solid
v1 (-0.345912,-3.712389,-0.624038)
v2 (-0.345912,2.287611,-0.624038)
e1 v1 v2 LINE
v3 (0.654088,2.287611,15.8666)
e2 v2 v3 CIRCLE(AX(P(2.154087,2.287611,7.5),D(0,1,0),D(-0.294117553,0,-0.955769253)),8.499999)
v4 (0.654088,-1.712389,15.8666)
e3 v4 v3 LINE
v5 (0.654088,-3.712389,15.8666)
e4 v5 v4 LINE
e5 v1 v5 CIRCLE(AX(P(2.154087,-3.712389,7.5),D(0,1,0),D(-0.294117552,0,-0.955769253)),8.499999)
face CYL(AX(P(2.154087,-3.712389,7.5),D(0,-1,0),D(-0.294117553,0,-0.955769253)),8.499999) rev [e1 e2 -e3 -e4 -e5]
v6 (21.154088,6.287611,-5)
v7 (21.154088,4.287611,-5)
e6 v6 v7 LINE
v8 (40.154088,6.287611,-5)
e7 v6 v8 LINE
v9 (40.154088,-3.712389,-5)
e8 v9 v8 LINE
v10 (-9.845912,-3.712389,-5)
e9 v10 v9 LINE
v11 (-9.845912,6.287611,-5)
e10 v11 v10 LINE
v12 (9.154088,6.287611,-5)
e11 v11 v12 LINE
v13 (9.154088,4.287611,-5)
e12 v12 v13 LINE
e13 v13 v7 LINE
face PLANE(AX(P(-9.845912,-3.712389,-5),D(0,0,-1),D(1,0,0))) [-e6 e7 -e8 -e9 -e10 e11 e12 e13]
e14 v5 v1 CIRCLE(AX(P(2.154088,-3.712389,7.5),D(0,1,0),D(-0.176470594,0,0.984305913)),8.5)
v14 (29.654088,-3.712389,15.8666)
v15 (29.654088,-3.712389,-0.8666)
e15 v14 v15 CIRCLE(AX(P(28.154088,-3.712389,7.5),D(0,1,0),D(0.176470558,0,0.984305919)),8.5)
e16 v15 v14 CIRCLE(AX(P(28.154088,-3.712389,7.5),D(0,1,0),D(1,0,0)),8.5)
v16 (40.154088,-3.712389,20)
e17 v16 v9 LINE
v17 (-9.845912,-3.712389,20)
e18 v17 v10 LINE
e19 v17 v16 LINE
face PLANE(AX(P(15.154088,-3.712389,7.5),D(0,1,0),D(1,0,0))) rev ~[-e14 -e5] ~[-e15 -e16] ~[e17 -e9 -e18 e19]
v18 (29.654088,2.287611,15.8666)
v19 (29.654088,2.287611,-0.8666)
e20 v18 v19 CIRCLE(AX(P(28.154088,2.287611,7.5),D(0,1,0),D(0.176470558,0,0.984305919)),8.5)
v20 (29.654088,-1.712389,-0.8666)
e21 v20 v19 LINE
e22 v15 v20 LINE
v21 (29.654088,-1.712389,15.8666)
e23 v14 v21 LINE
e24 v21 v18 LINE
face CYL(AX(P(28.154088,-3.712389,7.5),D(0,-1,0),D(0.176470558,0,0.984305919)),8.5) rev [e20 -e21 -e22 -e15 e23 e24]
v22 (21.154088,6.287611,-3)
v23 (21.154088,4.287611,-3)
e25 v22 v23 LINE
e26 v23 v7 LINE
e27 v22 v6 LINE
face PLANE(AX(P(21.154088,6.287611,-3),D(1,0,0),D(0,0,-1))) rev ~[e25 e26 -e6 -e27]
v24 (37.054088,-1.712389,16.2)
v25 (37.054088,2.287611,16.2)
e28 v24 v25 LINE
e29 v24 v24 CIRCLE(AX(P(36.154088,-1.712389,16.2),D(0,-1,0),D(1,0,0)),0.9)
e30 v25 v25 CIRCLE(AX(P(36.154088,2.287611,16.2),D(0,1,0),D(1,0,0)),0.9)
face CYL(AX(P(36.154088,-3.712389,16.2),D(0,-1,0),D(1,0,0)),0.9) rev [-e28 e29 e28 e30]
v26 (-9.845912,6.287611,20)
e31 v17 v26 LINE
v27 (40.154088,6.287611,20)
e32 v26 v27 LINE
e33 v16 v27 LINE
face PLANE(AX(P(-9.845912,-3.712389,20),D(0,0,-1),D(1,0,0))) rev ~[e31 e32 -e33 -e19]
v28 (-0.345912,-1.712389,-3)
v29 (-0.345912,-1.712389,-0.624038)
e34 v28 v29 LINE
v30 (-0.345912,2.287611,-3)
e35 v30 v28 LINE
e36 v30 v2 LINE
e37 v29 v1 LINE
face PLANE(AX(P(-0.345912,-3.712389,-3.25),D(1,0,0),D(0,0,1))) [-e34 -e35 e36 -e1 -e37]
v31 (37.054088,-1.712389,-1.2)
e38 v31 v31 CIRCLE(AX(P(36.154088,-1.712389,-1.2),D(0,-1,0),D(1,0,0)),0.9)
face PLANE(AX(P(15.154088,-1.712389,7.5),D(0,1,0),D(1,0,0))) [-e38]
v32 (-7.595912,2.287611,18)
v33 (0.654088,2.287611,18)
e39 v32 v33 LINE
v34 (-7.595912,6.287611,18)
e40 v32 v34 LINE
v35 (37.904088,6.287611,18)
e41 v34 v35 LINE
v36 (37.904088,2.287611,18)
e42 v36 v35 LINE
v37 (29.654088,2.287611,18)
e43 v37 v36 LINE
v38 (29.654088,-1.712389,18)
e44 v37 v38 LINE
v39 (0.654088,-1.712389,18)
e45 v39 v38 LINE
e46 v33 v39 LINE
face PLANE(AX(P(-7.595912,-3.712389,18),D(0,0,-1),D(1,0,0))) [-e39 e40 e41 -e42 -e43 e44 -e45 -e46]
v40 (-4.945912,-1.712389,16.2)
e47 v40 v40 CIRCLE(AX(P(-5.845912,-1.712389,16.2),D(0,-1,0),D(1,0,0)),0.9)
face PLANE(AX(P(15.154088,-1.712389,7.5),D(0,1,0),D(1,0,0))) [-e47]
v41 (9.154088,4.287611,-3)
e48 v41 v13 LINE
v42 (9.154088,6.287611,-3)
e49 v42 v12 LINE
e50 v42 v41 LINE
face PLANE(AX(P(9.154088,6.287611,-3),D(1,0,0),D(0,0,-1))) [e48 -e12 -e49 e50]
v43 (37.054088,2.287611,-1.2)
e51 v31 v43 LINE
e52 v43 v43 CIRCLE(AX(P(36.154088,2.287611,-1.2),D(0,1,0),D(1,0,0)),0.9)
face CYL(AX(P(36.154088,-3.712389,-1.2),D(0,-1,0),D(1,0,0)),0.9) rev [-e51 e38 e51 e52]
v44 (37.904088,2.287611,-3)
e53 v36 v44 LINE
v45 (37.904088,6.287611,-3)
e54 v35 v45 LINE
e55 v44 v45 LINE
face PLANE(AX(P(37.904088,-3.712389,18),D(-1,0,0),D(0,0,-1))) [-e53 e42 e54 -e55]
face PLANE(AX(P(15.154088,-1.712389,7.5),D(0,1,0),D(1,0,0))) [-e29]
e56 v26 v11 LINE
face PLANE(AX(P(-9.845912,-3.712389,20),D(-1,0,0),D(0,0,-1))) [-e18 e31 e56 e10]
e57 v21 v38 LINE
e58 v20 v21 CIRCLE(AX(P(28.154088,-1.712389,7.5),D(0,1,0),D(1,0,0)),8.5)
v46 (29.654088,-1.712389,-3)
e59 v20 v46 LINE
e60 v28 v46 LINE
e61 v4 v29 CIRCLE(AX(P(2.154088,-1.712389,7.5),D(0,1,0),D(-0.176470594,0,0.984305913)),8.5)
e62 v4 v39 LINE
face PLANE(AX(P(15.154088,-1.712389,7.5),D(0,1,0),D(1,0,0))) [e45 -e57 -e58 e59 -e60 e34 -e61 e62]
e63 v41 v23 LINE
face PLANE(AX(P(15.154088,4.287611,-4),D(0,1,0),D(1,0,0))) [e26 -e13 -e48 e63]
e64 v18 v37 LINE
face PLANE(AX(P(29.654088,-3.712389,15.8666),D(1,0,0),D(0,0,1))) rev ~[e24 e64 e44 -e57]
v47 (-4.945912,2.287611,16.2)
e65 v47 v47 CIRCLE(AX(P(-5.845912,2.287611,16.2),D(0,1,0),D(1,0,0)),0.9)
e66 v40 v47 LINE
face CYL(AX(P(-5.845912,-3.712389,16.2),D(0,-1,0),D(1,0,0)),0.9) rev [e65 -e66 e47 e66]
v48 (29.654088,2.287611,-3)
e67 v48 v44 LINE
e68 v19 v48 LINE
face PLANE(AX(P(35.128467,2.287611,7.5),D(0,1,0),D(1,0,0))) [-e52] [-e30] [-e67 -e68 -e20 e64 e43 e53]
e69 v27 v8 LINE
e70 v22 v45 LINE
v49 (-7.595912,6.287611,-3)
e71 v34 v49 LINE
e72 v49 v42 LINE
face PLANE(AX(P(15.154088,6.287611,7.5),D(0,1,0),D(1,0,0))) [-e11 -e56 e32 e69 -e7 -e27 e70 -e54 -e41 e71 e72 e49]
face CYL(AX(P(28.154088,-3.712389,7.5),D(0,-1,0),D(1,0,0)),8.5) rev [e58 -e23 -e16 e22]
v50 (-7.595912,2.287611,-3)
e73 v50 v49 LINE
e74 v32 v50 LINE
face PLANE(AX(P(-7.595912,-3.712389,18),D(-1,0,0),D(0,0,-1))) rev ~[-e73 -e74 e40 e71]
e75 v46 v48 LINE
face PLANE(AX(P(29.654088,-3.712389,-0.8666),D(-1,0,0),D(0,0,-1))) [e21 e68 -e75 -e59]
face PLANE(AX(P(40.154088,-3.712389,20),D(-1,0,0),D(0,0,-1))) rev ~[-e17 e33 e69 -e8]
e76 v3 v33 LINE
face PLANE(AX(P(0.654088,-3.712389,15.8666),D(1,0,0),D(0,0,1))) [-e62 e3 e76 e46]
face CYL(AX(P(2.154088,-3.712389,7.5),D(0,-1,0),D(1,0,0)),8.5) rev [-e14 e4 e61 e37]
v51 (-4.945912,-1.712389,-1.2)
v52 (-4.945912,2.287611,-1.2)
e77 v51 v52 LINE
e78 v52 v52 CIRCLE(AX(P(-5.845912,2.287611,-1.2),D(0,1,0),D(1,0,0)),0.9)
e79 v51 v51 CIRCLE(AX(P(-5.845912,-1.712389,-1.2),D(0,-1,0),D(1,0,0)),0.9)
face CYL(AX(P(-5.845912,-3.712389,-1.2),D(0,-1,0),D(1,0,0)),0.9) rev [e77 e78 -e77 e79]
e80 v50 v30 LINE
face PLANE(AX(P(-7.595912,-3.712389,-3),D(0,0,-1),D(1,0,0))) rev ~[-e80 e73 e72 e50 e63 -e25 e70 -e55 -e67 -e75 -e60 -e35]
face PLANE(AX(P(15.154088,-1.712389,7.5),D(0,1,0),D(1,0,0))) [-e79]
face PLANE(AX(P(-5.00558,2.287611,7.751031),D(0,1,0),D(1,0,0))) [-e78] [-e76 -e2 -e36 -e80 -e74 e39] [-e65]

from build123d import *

# Parameters (mm, degrees)
SKETCH004_W   = 50
SKETCH004_H   = 25
SKETCH004_W_2 = 45.5
SKETCH004_H_2 = 21
PAD001_DEPTH  = 10
SKETCH003_R   = 0.9
PAD002_DEPTH  = 6
SKETCH005_W   = 50
SKETCH005_H   = 25
SKETCH005_R   = 8.5
PAD003_DEPTH  = 2
SKETCH006_W   = 12
SKETCH006_H   = 2
POCKET_DEPTH  = 2


with BuildPart() as part:
    # Sketch004 (on DatumPlane) → Pad001 (new body)
    with BuildSketch(Plane(origin=(-8.845912, -3.712389, 7.5), x_dir=(1, 0, 0), z_dir=(0, 1, 0))):
        Rectangle(SKETCH004_W, SKETCH004_H)
        Rectangle(SKETCH004_W_2, SKETCH004_H_2, mode=Mode.SUBTRACT)
    extrude(amount=PAD001_DEPTH)

    # Sketch003 (on DatumPlane) → Pad002 (join)
    with BuildSketch(Plane(origin=(-8.845912, -3.712389, 7.5), x_dir=(1, 0, 0), z_dir=(0, 1, 0))):
        with BuildLine():
            Line((-23.5, -10.75), (-14.5, -10.75))
            Line((-14.5, -8.3666), (-14.5, -10.75))
            ThreePointArc((-15.5, 8.124038), (-21.484415, -0.514499), (-14.5, -8.3666))
            Line((-15.5, 10.75), (-15.5, 8.124038))
            Line((-15.5, 10.75), (-23.5, 10.75))
            Line((-23.5, 10.75), (-23.5, -10.75))
        make_face()
        with Locations((-21, 8.7)):
            Circle(SKETCH003_R, mode=Mode.SUBTRACT)
        with Locations((-21, -8.7)):
            Circle(SKETCH003_R, mode=Mode.SUBTRACT)
        with BuildLine():
            Line((23.5, -10.75), (23.5, 10.75))
            Line((23.5, 10.75), (14.5, 10.75))
            Line((14.5, 8.3666), (14.5, 10.75))
            ThreePointArc((14.5, -8.3666), (21.5, 0), (14.5, 8.3666))
            Line((14.5, -8.3666), (14.5, -10.75))
            Line((14.5, -10.75), (23.5, -10.75))
        make_face()
        with Locations((21, -8.7)):
            Circle(SKETCH003_R, mode=Mode.SUBTRACT)
        with Locations((21, 8.7)):
            Circle(SKETCH003_R, mode=Mode.SUBTRACT)
    extrude(amount=PAD002_DEPTH)

    # Sketch005 (on DatumPlane) → Pad003 (join)
    with BuildSketch(Plane(origin=(-8.845912, -3.712389, 7.5), x_dir=(1, 0, 0), z_dir=(0, 1, 0))):
        Rectangle(SKETCH005_W, SKETCH005_H)
        with Locations((-13, 0)):
            Circle(SKETCH005_R, mode=Mode.SUBTRACT)
        with Locations((13, 0)):
            Circle(SKETCH005_R, mode=Mode.SUBTRACT)
    extrude(amount=PAD003_DEPTH)

    # Sketch006 (on Face11 of Pad003) → Pocket (cut)
    with BuildSketch(Plane(origin=(-8.845912, 6.287611, 7.5), x_dir=(1, 0, 0), z_dir=(0, 1, 0))):
        with Locations((0, 11.5)):
            Rectangle(SKETCH006_W, SKETCH006_H)
    extrude(amount=-POCKET_DEPTH, mode=Mode.SUBTRACT)


with BuildPart() as part_1:
    # Body001 placement: moved
    add(part.part.moved(Location((24, 0, 0))))


solid = part_1.part
